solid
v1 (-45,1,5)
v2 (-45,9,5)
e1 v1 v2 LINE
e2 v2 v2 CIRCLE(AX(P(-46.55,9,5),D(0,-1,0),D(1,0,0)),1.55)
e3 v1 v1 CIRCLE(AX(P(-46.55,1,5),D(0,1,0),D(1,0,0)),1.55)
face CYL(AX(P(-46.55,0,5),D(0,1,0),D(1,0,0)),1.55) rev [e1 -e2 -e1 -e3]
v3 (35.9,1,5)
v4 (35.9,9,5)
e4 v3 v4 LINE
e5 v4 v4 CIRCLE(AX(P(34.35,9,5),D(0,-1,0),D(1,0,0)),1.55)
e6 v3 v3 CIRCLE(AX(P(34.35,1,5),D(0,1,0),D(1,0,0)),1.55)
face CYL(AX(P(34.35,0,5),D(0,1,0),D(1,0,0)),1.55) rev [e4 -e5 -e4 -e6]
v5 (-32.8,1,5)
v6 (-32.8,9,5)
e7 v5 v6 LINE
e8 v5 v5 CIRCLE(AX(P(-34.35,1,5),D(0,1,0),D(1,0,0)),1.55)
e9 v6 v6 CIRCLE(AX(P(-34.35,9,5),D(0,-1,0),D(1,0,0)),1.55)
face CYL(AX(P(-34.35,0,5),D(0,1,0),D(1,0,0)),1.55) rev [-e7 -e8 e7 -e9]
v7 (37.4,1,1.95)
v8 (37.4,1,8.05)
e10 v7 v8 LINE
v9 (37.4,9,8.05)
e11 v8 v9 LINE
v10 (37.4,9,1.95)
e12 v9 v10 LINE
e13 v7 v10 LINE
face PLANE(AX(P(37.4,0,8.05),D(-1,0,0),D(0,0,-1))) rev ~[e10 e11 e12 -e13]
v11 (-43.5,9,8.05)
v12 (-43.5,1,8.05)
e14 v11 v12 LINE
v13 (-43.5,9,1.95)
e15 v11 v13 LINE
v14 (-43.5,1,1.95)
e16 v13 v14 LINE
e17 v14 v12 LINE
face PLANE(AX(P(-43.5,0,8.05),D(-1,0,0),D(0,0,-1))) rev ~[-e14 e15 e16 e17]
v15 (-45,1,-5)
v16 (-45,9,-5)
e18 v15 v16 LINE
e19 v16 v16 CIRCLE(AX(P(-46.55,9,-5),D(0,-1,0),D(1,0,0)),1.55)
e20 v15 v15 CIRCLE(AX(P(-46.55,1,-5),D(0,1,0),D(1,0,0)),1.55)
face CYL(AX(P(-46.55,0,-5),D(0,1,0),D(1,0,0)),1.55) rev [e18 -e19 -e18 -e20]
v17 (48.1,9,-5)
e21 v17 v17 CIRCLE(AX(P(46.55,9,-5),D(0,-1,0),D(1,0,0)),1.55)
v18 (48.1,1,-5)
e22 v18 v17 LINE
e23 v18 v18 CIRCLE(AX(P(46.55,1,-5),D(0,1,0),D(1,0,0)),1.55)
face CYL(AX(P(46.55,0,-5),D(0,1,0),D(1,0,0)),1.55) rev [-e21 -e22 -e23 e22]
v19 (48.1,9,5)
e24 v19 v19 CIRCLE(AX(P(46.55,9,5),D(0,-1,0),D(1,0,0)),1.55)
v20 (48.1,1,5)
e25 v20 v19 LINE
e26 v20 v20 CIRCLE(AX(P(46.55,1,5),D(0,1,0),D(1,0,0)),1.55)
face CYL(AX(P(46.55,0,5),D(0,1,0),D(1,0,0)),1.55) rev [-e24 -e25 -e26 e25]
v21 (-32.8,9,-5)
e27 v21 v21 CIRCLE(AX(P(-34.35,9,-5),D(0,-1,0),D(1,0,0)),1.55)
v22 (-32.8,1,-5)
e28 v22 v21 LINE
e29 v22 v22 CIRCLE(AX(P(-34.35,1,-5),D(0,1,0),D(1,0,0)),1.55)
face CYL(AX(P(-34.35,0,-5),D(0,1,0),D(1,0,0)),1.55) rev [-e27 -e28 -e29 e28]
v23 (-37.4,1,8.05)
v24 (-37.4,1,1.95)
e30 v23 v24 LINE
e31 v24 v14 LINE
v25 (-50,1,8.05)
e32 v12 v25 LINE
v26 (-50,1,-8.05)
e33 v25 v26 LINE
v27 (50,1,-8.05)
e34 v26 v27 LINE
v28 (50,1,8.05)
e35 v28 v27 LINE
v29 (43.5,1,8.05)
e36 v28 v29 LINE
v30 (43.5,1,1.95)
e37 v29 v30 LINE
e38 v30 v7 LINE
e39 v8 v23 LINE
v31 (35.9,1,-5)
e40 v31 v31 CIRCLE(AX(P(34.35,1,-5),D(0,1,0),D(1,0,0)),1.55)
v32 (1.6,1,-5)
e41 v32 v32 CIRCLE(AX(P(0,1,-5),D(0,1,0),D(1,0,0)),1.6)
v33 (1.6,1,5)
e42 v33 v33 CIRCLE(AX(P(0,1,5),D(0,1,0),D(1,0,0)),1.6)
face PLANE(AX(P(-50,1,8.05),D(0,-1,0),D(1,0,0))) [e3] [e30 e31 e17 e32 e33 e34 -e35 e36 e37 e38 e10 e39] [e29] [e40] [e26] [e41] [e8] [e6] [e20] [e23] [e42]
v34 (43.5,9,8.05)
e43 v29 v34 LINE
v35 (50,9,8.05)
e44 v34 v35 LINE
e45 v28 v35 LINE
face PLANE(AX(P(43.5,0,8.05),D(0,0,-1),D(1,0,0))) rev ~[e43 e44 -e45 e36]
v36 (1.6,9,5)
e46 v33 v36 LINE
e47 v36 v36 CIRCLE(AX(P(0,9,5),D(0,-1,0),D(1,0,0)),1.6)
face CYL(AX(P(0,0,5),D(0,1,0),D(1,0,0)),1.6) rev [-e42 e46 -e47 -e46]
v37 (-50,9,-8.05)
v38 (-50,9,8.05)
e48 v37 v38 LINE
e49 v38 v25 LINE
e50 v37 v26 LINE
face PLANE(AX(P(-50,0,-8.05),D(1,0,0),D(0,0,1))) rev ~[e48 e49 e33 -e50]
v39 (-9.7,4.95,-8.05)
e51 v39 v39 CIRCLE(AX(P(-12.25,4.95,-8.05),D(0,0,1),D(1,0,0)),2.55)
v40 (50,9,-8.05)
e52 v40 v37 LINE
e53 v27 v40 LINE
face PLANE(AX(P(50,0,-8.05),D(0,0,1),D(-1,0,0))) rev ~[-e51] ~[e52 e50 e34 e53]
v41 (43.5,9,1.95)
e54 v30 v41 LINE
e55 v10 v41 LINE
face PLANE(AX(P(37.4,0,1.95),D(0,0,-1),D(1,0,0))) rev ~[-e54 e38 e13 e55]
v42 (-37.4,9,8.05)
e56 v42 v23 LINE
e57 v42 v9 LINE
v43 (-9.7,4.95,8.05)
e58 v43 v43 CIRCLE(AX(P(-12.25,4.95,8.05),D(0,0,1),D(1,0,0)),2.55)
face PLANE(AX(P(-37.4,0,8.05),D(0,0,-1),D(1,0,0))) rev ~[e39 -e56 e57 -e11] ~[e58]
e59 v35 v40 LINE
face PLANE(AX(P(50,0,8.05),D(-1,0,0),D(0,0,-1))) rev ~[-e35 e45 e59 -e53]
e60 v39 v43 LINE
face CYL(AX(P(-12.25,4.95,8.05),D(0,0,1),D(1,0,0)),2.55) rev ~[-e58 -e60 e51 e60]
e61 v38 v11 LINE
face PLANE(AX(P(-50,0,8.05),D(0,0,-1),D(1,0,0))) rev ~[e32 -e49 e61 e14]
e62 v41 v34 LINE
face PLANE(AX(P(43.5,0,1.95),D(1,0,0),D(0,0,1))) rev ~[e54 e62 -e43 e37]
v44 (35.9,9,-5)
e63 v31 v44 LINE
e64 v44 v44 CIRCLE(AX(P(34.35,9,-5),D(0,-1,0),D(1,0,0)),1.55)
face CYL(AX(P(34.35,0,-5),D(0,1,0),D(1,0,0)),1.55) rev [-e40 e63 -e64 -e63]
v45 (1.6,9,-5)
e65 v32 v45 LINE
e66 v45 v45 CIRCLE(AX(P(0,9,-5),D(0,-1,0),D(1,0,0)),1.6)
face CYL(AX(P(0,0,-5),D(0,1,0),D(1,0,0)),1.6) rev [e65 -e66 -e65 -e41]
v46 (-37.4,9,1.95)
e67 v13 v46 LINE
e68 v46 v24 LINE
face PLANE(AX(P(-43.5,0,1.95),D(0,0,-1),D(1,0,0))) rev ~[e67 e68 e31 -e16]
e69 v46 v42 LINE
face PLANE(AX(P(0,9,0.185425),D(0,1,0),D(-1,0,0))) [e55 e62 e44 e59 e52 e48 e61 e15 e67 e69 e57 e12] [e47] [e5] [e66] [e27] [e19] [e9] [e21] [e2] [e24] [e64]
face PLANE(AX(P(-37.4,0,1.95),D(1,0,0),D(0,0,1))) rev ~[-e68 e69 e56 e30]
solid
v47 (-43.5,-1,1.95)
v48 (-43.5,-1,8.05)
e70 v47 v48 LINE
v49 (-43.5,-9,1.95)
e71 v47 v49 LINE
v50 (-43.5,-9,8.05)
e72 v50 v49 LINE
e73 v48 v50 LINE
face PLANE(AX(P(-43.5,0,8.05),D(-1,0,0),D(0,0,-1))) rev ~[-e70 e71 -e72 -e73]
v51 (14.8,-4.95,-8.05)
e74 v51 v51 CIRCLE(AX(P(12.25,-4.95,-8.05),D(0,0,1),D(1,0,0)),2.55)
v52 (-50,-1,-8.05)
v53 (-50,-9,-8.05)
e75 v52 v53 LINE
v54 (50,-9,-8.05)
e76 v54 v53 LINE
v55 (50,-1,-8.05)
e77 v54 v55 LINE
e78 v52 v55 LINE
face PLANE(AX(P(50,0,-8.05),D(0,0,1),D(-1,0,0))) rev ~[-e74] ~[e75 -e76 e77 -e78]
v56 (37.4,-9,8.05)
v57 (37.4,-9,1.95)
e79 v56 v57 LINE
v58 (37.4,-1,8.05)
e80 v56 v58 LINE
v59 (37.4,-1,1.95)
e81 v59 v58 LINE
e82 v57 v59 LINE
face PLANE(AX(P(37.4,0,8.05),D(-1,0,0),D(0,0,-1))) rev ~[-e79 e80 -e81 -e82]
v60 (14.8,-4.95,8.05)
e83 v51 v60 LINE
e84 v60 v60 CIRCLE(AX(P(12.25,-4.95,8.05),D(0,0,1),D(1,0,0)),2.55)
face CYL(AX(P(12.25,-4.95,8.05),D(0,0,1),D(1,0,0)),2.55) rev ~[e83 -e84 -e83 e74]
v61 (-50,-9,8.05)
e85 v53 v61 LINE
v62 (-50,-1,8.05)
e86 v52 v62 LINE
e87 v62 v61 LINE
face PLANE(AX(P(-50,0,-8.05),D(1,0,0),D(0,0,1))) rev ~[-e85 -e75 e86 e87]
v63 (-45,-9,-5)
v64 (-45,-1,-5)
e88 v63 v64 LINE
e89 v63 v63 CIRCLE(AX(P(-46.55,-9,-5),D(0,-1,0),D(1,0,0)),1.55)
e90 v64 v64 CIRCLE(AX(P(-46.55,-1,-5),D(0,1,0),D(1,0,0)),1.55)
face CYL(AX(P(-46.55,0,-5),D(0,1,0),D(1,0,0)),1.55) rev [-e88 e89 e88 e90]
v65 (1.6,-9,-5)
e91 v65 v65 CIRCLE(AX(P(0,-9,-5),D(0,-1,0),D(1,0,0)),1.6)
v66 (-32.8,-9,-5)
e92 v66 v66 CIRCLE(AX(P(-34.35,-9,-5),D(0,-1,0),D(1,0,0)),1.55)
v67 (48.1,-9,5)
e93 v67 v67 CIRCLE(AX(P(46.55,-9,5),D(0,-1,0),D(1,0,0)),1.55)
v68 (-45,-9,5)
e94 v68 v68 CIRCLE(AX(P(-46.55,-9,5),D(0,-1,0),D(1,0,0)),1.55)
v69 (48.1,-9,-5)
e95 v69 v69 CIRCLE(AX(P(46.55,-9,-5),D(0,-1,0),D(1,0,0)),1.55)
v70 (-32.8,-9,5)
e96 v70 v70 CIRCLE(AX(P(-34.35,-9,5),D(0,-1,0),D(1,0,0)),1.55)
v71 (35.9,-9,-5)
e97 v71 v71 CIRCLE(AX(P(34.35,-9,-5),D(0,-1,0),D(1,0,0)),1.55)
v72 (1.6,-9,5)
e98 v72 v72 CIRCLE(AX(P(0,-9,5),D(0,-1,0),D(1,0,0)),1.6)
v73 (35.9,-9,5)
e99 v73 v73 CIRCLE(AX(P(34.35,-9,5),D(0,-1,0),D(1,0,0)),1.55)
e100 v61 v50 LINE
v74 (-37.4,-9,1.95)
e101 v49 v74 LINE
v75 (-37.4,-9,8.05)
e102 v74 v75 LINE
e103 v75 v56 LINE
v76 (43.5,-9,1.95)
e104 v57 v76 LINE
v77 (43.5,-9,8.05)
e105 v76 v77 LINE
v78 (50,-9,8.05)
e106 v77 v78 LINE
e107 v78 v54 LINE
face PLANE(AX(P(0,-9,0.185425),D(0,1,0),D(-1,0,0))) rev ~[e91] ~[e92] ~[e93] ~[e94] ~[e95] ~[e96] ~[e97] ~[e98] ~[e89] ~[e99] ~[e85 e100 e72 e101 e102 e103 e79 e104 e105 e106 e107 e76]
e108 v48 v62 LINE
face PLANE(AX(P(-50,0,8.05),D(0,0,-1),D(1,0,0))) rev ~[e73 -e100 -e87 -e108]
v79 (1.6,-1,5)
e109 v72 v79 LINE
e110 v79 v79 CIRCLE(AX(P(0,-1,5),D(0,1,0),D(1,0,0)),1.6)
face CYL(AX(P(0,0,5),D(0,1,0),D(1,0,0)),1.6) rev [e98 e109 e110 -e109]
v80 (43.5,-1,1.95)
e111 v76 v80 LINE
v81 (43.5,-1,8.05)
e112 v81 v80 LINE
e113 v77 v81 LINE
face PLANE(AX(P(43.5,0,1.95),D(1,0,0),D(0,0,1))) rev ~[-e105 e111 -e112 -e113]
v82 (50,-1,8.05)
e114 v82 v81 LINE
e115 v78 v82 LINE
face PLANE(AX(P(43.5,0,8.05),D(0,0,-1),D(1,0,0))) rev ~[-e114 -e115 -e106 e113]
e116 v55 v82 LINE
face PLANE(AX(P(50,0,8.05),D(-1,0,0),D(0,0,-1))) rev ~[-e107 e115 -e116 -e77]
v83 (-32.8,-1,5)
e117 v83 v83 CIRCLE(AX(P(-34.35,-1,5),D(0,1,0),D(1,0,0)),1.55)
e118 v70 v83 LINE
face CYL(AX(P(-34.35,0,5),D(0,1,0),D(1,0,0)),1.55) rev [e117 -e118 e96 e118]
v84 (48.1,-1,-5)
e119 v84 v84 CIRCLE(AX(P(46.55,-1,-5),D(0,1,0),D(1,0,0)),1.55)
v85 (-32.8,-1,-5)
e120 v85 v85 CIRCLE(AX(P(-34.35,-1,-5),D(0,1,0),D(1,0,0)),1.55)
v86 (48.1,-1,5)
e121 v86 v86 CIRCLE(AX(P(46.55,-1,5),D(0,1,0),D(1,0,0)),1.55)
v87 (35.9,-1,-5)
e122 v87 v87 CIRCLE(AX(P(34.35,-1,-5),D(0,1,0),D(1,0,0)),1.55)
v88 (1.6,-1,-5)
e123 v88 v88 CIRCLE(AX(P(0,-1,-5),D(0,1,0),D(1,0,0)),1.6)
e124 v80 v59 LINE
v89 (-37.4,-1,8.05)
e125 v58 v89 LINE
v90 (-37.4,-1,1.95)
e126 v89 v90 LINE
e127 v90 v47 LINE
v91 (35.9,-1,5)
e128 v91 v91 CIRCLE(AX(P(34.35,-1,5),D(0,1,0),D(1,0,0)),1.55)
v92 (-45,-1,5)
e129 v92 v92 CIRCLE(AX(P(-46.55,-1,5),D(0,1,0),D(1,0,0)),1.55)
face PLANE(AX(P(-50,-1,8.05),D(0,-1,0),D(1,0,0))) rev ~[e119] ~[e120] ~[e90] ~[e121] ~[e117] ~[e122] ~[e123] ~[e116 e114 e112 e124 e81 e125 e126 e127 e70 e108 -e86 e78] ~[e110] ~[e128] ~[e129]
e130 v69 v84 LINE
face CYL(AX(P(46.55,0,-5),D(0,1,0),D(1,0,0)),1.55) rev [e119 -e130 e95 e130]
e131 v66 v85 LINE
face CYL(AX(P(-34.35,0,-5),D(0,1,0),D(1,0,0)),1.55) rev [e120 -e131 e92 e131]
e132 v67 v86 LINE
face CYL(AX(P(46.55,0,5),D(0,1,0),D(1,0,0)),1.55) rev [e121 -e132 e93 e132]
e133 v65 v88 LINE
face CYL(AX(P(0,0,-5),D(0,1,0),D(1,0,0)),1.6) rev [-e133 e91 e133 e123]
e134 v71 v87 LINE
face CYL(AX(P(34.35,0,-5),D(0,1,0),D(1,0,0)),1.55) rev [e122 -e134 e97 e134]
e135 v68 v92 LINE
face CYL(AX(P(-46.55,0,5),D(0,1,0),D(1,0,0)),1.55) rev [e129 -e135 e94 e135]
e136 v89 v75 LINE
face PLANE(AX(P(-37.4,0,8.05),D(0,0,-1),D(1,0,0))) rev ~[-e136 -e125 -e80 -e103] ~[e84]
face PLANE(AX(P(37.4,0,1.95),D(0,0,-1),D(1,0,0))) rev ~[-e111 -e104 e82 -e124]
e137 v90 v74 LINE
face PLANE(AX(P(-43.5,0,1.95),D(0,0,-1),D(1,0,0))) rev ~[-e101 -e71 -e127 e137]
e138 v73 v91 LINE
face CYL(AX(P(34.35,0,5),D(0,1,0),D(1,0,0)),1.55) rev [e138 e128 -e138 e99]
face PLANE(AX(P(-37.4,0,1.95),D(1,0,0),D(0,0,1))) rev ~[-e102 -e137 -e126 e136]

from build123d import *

# Parameters (mm, degrees)
SKETCH002_W           = 100
SKETCH002_H           = 2
EXTRUDE002_DEPTH      = 10
EXTRUDE002_DEPTH_BACK = 50
SKETCH001_R           = 2.55
EXTRUDE001_DEPTH      = 0.01
EXTRUDE001_DEPTH_BACK = 50.01
SKETCH_R              = 1.55
SKETCH_R_2            = 1.6
EXTRUDE_DEPTH         = 9


with BuildPart() as extrude002:
    # Sketch002 (on Face3 of Cut) → Extrude002 (new body, two sides)
    with BuildSketch(Plane.XY.offset(8.05)) as extrude002_sk:
        Rectangle(SKETCH002_W, SKETCH002_H)
    extrude(amount=EXTRUDE002_DEPTH)
    extrude(extrude002_sk.sketch, amount=-EXTRUDE002_DEPTH_BACK)


with BuildPart() as extrude001:
    # Sketch001 (on Face2 of Extrude) → Extrude001 (new body, two sides)
    with BuildSketch(Plane.XY.offset(8.05)) as extrude001_sk:
        with Locations((-12.25, 4.95)):
            Circle(SKETCH001_R)
        with Locations((12.25, -4.95)):
            Circle(SKETCH001_R)
    extrude(amount=EXTRUDE001_DEPTH)
    extrude(extrude001_sk.sketch, amount=-EXTRUDE001_DEPTH_BACK)


with BuildPart() as cut001:
    # Sketch → Extrude (new body, symmetric)
    with BuildSketch(Plane.XZ):
        Polygon((-37.4, 8.05), (37.4, 8.05), (37.4, 1.95), (43.5, 1.95), (43.5, 8.05), (50, 8.05), (50, -8.05), (-50, -8.05), (-50, 8.05), (-43.5, 8.05), (-43.5, 1.95), (-37.4, 1.95), align=None)
        with Locations((-46.55, 5)):
            Circle(SKETCH_R, mode=Mode.SUBTRACT)
        with Locations((-46.55, -5)):
            Circle(SKETCH_R, mode=Mode.SUBTRACT)
        with Locations((46.55, 5)):
            Circle(SKETCH_R, mode=Mode.SUBTRACT)
        with Locations((46.55, -5)):
            Circle(SKETCH_R, mode=Mode.SUBTRACT)
        with Locations((0, 5)):
            Circle(SKETCH_R_2, mode=Mode.SUBTRACT)
        with Locations((0, -5)):
            Circle(SKETCH_R_2, mode=Mode.SUBTRACT)
        with Locations((-34.35, 5)):
            Circle(SKETCH_R, mode=Mode.SUBTRACT)
        with Locations((-34.35, -5)):
            Circle(SKETCH_R, mode=Mode.SUBTRACT)
        with Locations((34.35, 5)):
            Circle(SKETCH_R, mode=Mode.SUBTRACT)
        with Locations((34.35, -5)):
            Circle(SKETCH_R, mode=Mode.SUBTRACT)
    extrude(amount=EXTRUDE_DEPTH, both=True)

    # Cut: cut Extrude001
    add(extrude001.part, mode=Mode.SUBTRACT)

    # Cut001: cut Extrude002
    add(extrude002.part, mode=Mode.SUBTRACT)


solid = cut001.part
